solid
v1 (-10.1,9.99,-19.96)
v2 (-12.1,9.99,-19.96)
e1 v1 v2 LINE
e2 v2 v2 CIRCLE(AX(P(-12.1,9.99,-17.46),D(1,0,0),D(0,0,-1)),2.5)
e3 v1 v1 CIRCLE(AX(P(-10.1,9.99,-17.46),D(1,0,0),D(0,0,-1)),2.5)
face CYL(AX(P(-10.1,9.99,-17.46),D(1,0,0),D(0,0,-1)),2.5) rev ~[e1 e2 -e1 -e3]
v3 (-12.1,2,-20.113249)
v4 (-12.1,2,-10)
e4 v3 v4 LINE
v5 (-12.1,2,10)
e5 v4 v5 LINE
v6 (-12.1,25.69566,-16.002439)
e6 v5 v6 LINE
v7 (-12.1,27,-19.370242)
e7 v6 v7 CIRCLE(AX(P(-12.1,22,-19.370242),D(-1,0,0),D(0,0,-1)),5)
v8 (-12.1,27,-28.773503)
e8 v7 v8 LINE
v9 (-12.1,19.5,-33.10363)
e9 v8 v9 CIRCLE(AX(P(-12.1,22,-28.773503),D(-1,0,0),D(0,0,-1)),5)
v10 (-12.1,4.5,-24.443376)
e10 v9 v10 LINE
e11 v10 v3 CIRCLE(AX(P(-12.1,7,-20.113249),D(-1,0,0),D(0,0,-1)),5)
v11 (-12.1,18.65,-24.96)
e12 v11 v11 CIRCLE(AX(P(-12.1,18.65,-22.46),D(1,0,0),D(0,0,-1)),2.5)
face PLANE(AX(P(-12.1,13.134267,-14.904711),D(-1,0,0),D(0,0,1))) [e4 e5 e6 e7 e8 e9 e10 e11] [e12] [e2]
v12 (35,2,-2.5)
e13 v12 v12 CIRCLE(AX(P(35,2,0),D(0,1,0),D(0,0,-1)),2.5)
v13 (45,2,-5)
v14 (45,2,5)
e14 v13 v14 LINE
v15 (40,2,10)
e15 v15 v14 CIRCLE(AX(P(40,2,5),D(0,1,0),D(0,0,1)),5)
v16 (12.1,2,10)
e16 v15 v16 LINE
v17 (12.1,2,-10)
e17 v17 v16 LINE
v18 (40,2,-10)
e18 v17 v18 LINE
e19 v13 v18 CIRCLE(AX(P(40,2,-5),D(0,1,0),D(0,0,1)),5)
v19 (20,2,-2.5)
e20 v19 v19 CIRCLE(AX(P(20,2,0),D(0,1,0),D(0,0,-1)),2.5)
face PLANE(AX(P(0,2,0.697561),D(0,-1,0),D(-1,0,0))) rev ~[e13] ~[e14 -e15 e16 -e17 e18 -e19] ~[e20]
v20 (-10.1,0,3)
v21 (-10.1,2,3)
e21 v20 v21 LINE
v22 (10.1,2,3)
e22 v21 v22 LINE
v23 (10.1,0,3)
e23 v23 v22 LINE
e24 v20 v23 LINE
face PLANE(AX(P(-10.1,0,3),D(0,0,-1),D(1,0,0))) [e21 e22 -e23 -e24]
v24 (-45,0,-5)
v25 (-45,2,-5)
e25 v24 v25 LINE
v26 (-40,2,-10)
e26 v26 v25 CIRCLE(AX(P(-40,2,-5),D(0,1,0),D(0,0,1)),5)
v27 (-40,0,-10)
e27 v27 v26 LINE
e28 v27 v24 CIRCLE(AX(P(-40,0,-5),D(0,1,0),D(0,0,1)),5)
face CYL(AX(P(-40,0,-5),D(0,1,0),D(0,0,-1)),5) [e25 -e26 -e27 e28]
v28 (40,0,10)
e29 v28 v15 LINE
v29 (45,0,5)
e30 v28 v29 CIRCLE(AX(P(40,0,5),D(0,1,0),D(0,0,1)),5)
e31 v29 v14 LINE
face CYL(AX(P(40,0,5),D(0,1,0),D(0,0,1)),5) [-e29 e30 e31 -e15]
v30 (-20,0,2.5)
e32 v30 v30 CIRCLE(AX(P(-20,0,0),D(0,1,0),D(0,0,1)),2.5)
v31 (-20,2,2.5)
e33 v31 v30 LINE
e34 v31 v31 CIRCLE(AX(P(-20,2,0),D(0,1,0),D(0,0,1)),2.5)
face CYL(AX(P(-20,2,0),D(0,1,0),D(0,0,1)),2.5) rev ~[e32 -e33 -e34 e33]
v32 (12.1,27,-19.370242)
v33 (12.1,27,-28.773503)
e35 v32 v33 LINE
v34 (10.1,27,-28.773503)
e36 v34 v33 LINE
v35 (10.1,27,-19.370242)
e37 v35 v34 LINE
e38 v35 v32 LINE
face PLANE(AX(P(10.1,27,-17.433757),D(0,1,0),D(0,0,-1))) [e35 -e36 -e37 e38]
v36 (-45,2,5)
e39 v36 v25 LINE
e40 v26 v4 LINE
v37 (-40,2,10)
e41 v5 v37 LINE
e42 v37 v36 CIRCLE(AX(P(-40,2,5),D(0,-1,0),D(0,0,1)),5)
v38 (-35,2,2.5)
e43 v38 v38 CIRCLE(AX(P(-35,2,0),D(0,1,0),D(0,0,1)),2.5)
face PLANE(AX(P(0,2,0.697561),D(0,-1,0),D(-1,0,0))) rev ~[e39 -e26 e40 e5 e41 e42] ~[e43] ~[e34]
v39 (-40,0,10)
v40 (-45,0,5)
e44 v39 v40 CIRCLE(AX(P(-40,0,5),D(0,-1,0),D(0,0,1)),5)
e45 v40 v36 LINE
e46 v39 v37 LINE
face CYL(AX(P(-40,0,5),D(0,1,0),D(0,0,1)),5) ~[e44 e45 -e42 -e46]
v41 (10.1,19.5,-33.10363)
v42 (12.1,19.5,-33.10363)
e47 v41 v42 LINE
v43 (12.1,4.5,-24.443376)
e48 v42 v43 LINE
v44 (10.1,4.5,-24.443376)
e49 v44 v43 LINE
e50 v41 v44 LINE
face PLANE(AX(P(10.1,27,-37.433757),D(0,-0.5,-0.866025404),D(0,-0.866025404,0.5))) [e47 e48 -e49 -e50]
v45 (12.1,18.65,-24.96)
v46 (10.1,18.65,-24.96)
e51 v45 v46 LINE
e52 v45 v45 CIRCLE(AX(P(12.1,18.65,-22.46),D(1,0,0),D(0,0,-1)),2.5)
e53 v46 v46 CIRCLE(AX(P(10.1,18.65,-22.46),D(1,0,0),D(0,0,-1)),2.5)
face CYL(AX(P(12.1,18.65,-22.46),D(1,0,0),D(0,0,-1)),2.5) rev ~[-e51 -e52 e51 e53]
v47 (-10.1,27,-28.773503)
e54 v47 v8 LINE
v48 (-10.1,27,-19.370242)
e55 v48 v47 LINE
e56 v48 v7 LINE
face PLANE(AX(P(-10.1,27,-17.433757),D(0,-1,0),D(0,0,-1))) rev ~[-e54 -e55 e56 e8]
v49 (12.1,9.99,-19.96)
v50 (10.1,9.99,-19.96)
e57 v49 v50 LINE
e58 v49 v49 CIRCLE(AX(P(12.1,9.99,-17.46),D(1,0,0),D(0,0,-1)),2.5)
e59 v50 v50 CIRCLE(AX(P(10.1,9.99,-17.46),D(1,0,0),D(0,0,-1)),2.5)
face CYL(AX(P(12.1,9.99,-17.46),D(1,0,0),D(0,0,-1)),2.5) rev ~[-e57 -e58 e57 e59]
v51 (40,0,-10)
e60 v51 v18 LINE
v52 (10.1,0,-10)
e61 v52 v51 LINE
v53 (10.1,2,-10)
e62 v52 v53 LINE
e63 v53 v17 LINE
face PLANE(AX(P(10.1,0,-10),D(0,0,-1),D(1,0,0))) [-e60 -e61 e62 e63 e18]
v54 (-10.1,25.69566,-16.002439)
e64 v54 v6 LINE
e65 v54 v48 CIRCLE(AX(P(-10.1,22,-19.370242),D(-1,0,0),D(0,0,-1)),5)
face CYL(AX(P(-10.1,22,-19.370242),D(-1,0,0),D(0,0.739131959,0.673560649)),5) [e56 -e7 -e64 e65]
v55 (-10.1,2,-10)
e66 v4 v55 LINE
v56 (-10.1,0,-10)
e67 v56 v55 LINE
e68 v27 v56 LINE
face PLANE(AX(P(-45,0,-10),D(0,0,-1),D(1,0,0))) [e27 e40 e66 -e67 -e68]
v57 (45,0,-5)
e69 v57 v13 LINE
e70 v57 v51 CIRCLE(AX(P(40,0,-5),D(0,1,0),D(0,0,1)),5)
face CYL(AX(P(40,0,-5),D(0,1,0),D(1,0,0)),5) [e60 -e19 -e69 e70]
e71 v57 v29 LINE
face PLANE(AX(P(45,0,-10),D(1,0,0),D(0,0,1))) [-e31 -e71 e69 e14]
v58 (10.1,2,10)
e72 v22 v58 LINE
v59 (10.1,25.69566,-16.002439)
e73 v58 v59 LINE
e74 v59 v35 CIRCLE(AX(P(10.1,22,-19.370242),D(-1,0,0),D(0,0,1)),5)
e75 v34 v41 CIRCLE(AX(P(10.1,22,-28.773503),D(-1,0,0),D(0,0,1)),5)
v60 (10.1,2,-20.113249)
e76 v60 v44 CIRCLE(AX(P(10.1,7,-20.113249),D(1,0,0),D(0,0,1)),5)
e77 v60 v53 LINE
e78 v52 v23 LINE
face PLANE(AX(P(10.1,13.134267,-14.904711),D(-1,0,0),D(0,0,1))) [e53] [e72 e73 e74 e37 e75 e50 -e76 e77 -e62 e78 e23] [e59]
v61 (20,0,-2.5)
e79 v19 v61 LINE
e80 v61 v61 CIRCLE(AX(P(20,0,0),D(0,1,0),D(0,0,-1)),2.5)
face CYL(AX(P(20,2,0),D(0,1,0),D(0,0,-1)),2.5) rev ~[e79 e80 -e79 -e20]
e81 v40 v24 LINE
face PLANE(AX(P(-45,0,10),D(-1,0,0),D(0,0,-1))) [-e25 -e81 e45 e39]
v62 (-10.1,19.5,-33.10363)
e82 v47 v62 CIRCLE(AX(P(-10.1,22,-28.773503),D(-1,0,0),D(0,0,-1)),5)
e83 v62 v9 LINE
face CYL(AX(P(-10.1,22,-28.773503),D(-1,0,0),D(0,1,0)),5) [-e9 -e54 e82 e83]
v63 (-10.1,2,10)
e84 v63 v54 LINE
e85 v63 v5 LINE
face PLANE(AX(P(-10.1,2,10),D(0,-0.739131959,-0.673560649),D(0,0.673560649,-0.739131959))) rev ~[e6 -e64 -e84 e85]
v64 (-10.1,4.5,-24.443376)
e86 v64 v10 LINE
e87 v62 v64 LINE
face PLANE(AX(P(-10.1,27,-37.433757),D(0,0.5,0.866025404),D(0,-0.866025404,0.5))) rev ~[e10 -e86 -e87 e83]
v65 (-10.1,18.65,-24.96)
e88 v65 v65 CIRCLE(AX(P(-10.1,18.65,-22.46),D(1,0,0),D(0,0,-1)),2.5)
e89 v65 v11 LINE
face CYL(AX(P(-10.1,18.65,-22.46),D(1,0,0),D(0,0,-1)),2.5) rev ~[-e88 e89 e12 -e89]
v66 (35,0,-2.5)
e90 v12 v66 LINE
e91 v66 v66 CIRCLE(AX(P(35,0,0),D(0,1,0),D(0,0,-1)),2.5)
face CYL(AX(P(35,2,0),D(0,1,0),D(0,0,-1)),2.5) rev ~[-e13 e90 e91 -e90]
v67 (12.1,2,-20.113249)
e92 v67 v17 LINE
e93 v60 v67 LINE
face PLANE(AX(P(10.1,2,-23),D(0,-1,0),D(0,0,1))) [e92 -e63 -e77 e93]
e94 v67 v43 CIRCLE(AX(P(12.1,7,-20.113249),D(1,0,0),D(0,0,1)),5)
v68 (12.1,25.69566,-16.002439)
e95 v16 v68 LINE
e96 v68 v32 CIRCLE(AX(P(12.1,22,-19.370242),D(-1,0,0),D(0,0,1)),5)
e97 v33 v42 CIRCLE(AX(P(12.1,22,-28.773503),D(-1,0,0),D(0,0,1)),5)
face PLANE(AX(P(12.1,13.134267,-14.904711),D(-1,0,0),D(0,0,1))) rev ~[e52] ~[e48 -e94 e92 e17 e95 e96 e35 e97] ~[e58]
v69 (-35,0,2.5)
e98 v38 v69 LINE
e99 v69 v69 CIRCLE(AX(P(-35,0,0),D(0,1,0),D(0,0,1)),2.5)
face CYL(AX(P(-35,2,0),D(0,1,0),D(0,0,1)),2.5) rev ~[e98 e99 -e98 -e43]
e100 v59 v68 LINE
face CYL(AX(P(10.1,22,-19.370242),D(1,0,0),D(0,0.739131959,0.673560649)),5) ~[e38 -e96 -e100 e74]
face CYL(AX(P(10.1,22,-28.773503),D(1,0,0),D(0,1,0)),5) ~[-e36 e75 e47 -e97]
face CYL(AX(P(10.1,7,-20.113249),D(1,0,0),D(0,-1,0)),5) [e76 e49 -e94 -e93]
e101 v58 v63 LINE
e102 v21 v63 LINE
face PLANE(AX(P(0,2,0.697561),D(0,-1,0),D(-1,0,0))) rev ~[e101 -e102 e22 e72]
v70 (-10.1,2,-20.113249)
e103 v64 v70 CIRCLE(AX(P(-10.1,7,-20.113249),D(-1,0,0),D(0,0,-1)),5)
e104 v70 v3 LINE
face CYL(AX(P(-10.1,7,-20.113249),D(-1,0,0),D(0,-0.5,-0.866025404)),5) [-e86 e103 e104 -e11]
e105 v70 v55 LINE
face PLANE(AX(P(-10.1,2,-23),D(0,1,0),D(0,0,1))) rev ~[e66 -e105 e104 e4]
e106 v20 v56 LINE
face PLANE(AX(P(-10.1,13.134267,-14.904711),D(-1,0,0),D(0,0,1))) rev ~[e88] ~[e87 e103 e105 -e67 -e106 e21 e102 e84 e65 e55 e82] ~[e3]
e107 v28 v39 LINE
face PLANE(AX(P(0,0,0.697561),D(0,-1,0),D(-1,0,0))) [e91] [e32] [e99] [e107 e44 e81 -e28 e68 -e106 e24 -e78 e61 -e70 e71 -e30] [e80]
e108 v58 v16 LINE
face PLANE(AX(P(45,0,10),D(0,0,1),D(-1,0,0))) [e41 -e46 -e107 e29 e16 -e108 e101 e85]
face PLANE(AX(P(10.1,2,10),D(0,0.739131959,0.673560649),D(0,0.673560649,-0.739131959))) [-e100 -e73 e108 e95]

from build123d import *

# Parameters (mm, degrees)
BOSS_EXTRUDE1_DEPTH = 2
SKETCH2_R           = 2.5
CUT_EXTRUDE1_DEPTH  = 47.14108798
BOSS_EXTRUDE2_DEPTH = 2
SKETCH4_R           = 2.5
CUT_EXTRUDE2_DEPTH  = 74.421360263
SKETCH5_R           = 2.5
BOSS_EXTRUDE3_DEPTH = 2
FILLET1_R           = 5
FILLET2_R           = 5


with BuildPart() as part:
    # Sketch1 → Boss-Extrude1 (new body)
    with BuildSketch(Plane(origin=(0, 0, 0), x_dir=(1, 0, 0), z_dir=(0, 1, 0))):
        Polygon((-10.1, 10), (-10.1, 0), (-10.1, -3), (10.1, -3), (10.1, 0), (10.1, 10), (45, 10), (45, -10), (-45, -10), (-45, 10), align=None)
    extrude(amount=BOSS_EXTRUDE1_DEPTH)

    # Sketch2 → Cut-Extrude1 (cut, through all)
    with BuildSketch(Plane(origin=(0, 2, 0), x_dir=(1, 0, 0), z_dir=(0, 1, 0))):
        with Locations(Location((-20, 0, 0), (0, 0, 270))):
            Circle(SKETCH2_R)
        with Locations(Location((-35, 0, 0), (0, 0, 270))):
            Circle(SKETCH2_R)
        with Locations(Location((20, 0, 0), (0, 0, 90))):
            Circle(SKETCH2_R)
        with Locations(Location((35, 0, 0), (0, 0, 90))):
            Circle(SKETCH2_R)
    extrude(amount=-CUT_EXTRUDE1_DEPTH, mode=Mode.SUBTRACT)

    # Sketch3 → Boss-Extrude2 (add)
    with BuildSketch(Plane.ZY.offset(-10.1)):
        Polygon((10, 2), (-17.43375673, 27), (-37.43375673, 27), (-23, 2), align=None)
    extrude(amount=-BOSS_EXTRUDE2_DEPTH)

    # Sketch4 → Cut-Extrude2 (cut, through all)
    with BuildSketch(Plane(origin=(12.1, 0, 0), x_dir=(0, 0, -1), z_dir=(1, 0, 0))):
        with Locations((22.46, 18.65)):
            Circle(SKETCH4_R)
        with Locations((17.46, 9.99)):
            Circle(SKETCH4_R)
    extrude(amount=-CUT_EXTRUDE2_DEPTH, mode=Mode.SUBTRACT)

    # Sketch5 → Boss-Extrude3 (add)
    with BuildSketch(Plane(origin=(-10.1, 0, 0), x_dir=(0, 0, -1), z_dir=(1, 0, 0))):
        Polygon((-10, 2), (17.43375673, 27), (37.43375673, 27), (23, 2), align=None)
        with Locations((22.46, 18.65)):
            Circle(SKETCH5_R, mode=Mode.SUBTRACT)
        with Locations((17.46, 9.99)):
            Circle(SKETCH5_R, mode=Mode.SUBTRACT)
    extrude(amount=-BOSS_EXTRUDE3_DEPTH)

    # Fillet1
    fillet1_edges = [part.edges().sort_by_distance(p)[0] for p in [
        (11.1, 2, -23),
        (11.1, 27, -37.43375673),
        (11.1, 27, -17.43375673),
        (-11.1, 2, -23),
        (-11.1, 27, -17.43375673),
        (-11.1, 27, -37.43375673),
    ]]
    fillet(fillet1_edges, radius=FILLET1_R)

    # Fillet2
    fillet2_edges = [part.edges().sort_by_distance(p)[0] for p in [
        (45, 1, 10),
        (-45, 1, 10),
        (-45, 1, -10),
        (45, 1, -10),
    ]]
    fillet(fillet2_edges, radius=FILLET2_R)


solid = part.part
